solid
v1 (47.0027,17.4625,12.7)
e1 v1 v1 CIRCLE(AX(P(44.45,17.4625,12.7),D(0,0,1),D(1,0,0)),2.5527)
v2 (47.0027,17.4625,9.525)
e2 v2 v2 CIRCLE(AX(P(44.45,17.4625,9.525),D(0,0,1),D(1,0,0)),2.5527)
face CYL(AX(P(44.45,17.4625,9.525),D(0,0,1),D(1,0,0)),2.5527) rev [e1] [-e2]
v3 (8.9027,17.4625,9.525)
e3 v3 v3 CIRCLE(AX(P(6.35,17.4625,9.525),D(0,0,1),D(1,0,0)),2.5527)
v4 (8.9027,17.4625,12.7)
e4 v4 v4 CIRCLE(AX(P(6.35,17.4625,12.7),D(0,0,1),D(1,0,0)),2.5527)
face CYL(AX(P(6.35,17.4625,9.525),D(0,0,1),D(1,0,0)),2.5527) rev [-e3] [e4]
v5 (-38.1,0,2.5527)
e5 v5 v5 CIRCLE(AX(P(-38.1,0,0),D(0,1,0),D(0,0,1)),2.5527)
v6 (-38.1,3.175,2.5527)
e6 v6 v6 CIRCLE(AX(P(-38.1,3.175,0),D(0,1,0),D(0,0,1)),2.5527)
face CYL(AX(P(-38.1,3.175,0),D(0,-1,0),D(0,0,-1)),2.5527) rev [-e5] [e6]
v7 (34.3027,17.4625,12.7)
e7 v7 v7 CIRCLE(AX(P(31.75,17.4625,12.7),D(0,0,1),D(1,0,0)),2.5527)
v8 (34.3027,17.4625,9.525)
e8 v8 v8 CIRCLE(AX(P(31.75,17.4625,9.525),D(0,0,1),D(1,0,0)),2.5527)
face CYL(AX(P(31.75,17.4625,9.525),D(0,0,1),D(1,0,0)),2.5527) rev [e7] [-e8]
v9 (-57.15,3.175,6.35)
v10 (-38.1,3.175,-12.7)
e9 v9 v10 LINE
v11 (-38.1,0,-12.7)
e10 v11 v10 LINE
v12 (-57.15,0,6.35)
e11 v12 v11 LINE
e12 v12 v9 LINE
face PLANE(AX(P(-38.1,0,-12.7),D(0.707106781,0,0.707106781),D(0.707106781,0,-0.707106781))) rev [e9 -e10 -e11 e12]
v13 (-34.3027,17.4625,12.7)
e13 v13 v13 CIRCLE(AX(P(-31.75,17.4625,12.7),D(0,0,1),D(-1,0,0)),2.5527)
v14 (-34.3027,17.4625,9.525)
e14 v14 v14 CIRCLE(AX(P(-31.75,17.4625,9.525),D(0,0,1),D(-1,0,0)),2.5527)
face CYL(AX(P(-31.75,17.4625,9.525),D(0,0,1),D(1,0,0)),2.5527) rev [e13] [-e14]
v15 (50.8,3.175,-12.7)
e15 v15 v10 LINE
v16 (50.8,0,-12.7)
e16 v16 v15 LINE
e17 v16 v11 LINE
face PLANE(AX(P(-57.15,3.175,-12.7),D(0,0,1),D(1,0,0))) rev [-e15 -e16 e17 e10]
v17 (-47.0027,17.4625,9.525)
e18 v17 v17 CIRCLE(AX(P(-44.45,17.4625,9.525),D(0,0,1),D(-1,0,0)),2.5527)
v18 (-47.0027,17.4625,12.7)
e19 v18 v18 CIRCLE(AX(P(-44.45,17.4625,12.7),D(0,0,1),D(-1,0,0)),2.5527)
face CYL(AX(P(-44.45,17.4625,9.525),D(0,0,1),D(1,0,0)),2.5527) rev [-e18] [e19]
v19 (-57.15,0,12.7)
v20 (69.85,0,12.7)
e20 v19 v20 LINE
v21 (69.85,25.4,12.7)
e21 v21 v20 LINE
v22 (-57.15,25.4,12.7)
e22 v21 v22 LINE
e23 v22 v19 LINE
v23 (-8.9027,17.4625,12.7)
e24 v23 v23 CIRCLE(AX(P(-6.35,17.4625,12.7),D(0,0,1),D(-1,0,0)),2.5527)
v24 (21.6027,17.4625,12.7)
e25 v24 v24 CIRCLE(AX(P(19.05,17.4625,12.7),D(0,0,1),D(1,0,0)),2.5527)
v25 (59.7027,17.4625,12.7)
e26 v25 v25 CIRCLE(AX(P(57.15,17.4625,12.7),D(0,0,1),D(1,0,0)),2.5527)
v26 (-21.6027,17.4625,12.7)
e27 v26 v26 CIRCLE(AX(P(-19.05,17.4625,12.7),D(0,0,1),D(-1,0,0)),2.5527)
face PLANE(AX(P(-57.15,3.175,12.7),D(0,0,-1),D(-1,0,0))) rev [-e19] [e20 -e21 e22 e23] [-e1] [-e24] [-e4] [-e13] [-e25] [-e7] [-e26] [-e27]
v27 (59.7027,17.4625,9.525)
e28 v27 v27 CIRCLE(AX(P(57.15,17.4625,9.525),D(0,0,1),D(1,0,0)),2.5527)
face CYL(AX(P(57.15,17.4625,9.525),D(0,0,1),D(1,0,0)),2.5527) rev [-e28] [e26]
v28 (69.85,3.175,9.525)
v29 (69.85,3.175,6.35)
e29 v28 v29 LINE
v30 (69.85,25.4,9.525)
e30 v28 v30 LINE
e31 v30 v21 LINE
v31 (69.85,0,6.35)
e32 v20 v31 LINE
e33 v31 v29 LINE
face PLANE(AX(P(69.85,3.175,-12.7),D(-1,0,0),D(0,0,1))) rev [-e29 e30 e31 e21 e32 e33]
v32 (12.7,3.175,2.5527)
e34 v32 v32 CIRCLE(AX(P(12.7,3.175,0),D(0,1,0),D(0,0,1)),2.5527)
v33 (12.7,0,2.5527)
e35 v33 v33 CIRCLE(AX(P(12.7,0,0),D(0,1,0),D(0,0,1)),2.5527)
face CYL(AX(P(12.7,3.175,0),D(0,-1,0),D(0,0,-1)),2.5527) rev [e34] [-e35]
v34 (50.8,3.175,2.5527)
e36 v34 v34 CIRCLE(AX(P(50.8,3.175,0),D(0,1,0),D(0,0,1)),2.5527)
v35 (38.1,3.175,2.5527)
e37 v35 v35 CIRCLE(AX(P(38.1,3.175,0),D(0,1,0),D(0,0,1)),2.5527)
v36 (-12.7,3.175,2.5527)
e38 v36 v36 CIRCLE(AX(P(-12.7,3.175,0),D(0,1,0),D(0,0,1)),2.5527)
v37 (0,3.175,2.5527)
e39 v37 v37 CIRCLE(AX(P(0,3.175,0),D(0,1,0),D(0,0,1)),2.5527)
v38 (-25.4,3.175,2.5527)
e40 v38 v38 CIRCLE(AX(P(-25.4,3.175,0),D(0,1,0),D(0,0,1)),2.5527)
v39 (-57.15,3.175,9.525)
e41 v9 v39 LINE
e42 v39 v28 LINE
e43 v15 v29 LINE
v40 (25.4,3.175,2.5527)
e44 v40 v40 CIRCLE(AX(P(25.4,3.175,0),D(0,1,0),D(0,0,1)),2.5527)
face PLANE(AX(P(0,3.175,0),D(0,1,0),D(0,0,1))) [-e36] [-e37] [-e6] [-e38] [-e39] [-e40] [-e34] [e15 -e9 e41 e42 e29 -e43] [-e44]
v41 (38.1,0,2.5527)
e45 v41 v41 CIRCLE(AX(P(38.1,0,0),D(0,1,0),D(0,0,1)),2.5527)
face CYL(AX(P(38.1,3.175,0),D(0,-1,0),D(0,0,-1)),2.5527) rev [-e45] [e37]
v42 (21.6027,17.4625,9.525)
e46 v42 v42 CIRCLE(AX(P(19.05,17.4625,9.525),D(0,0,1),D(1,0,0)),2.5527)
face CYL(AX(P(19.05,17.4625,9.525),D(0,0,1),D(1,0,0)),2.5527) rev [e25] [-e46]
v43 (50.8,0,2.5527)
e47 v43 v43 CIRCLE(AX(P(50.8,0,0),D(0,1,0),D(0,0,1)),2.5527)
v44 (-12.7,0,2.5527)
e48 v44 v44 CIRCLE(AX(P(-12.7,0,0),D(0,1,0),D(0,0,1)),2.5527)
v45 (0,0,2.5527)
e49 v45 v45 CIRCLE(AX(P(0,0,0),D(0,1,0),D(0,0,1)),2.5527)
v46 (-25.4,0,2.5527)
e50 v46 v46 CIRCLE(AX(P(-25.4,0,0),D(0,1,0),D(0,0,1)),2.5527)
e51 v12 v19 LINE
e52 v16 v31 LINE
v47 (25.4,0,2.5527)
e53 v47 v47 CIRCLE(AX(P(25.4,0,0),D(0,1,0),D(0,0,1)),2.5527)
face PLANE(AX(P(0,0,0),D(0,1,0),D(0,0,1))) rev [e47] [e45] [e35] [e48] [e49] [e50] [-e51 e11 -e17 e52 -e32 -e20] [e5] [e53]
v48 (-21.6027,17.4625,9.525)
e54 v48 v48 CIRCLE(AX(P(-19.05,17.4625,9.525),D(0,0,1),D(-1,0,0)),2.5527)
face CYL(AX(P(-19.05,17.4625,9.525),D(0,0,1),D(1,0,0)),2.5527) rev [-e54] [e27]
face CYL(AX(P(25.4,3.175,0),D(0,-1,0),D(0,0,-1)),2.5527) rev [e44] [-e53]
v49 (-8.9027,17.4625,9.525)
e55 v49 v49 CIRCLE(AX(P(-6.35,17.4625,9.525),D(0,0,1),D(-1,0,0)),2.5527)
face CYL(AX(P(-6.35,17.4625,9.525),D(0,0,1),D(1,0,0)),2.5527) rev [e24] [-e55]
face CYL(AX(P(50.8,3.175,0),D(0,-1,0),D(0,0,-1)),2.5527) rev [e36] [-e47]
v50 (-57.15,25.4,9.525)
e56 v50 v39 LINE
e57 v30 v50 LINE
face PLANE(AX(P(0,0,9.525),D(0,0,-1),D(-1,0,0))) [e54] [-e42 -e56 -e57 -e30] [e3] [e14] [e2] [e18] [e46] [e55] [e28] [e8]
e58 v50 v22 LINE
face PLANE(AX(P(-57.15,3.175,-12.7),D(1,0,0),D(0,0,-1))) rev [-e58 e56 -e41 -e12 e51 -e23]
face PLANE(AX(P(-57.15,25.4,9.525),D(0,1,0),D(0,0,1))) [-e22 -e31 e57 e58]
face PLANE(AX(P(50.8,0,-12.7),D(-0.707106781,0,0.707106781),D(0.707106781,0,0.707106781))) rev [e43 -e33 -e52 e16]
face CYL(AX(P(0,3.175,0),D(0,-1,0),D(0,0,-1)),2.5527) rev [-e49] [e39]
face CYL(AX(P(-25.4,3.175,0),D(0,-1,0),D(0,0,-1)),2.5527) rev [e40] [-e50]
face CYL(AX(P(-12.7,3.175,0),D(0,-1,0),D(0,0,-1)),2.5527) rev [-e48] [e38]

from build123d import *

# Parameters (mm, degrees)
SKETCH2_W           = 127
SKETCH2_H           = 25.4
SKETCH2_R           = 2.5527
BOSS_EXTRUDE1_DEPTH = 3.175
SKETCH4_W           = 127
SKETCH4_H           = 22.225
SKETCH4_R           = 2.5527
BOSS_EXTRUDE3_DEPTH = 3.175
CUT_EXTRUDE1_DEPTH  = 75.392628163


with BuildPart() as part:
    # Sketch2 → Boss-Extrude1 (new body)
    with BuildSketch(Plane(origin=(0, 0, 0), x_dir=(1, 0, 0), z_dir=(0, 1, 0))):
        with Locations((6.35, 0)):
            Rectangle(SKETCH2_W, SKETCH2_H)
        with Locations(Location((0, 0, 0), (0, 0, 270))):
            Circle(SKETCH2_R, mode=Mode.SUBTRACT)
        with Locations(Location((12.7, 0, 0), (0, 0, 270))):
            Circle(SKETCH2_R, mode=Mode.SUBTRACT)
        with Locations(Location((25.4, 0, 0), (0, 0, 270))):
            Circle(SKETCH2_R, mode=Mode.SUBTRACT)
        with Locations(Location((38.1, 0, 0), (0, 0, 270))):
            Circle(SKETCH2_R, mode=Mode.SUBTRACT)
        with Locations(Location((-12.7, 0, 0), (0, 0, 270))):
            Circle(SKETCH2_R, mode=Mode.SUBTRACT)
        with Locations(Location((-25.4, 0, 0), (0, 0, 270))):
            Circle(SKETCH2_R, mode=Mode.SUBTRACT)
        with Locations(Location((-38.1, 0, 0), (0, 0, 270))):
            Circle(SKETCH2_R, mode=Mode.SUBTRACT)
        with Locations(Location((50.8, 0, 0), (0, 0, 270))):
            Circle(SKETCH2_R, mode=Mode.SUBTRACT)
    extrude(amount=BOSS_EXTRUDE1_DEPTH)

    # Sketch4 → Boss-Extrude3 (add)
    with BuildSketch(Plane.XY.offset(12.7)):
        with Locations((6.35, 14.2875)):
            Rectangle(SKETCH4_W, SKETCH4_H)
        with Locations((6.35, 17.4625)):
            Circle(SKETCH4_R, mode=Mode.SUBTRACT)
        with Locations((19.05, 17.4625)):
            Circle(SKETCH4_R, mode=Mode.SUBTRACT)
        with Locations((31.75, 17.4625)):
            Circle(SKETCH4_R, mode=Mode.SUBTRACT)
        with Locations((44.45, 17.4625)):
            Circle(SKETCH4_R, mode=Mode.SUBTRACT)
        with Locations((57.15, 17.4625)):
            Circle(SKETCH4_R, mode=Mode.SUBTRACT)
        with Locations(Location((-44.45, 17.4625, 0), (0, 0, 180))):
            Circle(SKETCH4_R, mode=Mode.SUBTRACT)
        with Locations(Location((-31.75, 17.4625, 0), (0, 0, 180))):
            Circle(SKETCH4_R, mode=Mode.SUBTRACT)
        with Locations(Location((-19.05, 17.4625, 0), (0, 0, 180))):
            Circle(SKETCH4_R, mode=Mode.SUBTRACT)
        with Locations(Location((-6.35, 17.4625, 0), (0, 0, 180))):
            Circle(SKETCH4_R, mode=Mode.SUBTRACT)
    extrude(amount=-BOSS_EXTRUDE3_DEPTH)

    # Sketch5 → Cut-Extrude1 (cut, through all)
    with BuildSketch(Plane(origin=(0, 3.175, 0), x_dir=(1, 0, 0), z_dir=(0, 1, 0))):
        Polygon((-38.1, 12.7), (-57.15, -6.35), (-57.15, 12.7), align=None)
        Polygon((50.8, 12.7), (69.85, -6.35), (69.85, 12.7), align=None)
    extrude(amount=-CUT_EXTRUDE1_DEPTH, mode=Mode.SUBTRACT)


solid = part.part
